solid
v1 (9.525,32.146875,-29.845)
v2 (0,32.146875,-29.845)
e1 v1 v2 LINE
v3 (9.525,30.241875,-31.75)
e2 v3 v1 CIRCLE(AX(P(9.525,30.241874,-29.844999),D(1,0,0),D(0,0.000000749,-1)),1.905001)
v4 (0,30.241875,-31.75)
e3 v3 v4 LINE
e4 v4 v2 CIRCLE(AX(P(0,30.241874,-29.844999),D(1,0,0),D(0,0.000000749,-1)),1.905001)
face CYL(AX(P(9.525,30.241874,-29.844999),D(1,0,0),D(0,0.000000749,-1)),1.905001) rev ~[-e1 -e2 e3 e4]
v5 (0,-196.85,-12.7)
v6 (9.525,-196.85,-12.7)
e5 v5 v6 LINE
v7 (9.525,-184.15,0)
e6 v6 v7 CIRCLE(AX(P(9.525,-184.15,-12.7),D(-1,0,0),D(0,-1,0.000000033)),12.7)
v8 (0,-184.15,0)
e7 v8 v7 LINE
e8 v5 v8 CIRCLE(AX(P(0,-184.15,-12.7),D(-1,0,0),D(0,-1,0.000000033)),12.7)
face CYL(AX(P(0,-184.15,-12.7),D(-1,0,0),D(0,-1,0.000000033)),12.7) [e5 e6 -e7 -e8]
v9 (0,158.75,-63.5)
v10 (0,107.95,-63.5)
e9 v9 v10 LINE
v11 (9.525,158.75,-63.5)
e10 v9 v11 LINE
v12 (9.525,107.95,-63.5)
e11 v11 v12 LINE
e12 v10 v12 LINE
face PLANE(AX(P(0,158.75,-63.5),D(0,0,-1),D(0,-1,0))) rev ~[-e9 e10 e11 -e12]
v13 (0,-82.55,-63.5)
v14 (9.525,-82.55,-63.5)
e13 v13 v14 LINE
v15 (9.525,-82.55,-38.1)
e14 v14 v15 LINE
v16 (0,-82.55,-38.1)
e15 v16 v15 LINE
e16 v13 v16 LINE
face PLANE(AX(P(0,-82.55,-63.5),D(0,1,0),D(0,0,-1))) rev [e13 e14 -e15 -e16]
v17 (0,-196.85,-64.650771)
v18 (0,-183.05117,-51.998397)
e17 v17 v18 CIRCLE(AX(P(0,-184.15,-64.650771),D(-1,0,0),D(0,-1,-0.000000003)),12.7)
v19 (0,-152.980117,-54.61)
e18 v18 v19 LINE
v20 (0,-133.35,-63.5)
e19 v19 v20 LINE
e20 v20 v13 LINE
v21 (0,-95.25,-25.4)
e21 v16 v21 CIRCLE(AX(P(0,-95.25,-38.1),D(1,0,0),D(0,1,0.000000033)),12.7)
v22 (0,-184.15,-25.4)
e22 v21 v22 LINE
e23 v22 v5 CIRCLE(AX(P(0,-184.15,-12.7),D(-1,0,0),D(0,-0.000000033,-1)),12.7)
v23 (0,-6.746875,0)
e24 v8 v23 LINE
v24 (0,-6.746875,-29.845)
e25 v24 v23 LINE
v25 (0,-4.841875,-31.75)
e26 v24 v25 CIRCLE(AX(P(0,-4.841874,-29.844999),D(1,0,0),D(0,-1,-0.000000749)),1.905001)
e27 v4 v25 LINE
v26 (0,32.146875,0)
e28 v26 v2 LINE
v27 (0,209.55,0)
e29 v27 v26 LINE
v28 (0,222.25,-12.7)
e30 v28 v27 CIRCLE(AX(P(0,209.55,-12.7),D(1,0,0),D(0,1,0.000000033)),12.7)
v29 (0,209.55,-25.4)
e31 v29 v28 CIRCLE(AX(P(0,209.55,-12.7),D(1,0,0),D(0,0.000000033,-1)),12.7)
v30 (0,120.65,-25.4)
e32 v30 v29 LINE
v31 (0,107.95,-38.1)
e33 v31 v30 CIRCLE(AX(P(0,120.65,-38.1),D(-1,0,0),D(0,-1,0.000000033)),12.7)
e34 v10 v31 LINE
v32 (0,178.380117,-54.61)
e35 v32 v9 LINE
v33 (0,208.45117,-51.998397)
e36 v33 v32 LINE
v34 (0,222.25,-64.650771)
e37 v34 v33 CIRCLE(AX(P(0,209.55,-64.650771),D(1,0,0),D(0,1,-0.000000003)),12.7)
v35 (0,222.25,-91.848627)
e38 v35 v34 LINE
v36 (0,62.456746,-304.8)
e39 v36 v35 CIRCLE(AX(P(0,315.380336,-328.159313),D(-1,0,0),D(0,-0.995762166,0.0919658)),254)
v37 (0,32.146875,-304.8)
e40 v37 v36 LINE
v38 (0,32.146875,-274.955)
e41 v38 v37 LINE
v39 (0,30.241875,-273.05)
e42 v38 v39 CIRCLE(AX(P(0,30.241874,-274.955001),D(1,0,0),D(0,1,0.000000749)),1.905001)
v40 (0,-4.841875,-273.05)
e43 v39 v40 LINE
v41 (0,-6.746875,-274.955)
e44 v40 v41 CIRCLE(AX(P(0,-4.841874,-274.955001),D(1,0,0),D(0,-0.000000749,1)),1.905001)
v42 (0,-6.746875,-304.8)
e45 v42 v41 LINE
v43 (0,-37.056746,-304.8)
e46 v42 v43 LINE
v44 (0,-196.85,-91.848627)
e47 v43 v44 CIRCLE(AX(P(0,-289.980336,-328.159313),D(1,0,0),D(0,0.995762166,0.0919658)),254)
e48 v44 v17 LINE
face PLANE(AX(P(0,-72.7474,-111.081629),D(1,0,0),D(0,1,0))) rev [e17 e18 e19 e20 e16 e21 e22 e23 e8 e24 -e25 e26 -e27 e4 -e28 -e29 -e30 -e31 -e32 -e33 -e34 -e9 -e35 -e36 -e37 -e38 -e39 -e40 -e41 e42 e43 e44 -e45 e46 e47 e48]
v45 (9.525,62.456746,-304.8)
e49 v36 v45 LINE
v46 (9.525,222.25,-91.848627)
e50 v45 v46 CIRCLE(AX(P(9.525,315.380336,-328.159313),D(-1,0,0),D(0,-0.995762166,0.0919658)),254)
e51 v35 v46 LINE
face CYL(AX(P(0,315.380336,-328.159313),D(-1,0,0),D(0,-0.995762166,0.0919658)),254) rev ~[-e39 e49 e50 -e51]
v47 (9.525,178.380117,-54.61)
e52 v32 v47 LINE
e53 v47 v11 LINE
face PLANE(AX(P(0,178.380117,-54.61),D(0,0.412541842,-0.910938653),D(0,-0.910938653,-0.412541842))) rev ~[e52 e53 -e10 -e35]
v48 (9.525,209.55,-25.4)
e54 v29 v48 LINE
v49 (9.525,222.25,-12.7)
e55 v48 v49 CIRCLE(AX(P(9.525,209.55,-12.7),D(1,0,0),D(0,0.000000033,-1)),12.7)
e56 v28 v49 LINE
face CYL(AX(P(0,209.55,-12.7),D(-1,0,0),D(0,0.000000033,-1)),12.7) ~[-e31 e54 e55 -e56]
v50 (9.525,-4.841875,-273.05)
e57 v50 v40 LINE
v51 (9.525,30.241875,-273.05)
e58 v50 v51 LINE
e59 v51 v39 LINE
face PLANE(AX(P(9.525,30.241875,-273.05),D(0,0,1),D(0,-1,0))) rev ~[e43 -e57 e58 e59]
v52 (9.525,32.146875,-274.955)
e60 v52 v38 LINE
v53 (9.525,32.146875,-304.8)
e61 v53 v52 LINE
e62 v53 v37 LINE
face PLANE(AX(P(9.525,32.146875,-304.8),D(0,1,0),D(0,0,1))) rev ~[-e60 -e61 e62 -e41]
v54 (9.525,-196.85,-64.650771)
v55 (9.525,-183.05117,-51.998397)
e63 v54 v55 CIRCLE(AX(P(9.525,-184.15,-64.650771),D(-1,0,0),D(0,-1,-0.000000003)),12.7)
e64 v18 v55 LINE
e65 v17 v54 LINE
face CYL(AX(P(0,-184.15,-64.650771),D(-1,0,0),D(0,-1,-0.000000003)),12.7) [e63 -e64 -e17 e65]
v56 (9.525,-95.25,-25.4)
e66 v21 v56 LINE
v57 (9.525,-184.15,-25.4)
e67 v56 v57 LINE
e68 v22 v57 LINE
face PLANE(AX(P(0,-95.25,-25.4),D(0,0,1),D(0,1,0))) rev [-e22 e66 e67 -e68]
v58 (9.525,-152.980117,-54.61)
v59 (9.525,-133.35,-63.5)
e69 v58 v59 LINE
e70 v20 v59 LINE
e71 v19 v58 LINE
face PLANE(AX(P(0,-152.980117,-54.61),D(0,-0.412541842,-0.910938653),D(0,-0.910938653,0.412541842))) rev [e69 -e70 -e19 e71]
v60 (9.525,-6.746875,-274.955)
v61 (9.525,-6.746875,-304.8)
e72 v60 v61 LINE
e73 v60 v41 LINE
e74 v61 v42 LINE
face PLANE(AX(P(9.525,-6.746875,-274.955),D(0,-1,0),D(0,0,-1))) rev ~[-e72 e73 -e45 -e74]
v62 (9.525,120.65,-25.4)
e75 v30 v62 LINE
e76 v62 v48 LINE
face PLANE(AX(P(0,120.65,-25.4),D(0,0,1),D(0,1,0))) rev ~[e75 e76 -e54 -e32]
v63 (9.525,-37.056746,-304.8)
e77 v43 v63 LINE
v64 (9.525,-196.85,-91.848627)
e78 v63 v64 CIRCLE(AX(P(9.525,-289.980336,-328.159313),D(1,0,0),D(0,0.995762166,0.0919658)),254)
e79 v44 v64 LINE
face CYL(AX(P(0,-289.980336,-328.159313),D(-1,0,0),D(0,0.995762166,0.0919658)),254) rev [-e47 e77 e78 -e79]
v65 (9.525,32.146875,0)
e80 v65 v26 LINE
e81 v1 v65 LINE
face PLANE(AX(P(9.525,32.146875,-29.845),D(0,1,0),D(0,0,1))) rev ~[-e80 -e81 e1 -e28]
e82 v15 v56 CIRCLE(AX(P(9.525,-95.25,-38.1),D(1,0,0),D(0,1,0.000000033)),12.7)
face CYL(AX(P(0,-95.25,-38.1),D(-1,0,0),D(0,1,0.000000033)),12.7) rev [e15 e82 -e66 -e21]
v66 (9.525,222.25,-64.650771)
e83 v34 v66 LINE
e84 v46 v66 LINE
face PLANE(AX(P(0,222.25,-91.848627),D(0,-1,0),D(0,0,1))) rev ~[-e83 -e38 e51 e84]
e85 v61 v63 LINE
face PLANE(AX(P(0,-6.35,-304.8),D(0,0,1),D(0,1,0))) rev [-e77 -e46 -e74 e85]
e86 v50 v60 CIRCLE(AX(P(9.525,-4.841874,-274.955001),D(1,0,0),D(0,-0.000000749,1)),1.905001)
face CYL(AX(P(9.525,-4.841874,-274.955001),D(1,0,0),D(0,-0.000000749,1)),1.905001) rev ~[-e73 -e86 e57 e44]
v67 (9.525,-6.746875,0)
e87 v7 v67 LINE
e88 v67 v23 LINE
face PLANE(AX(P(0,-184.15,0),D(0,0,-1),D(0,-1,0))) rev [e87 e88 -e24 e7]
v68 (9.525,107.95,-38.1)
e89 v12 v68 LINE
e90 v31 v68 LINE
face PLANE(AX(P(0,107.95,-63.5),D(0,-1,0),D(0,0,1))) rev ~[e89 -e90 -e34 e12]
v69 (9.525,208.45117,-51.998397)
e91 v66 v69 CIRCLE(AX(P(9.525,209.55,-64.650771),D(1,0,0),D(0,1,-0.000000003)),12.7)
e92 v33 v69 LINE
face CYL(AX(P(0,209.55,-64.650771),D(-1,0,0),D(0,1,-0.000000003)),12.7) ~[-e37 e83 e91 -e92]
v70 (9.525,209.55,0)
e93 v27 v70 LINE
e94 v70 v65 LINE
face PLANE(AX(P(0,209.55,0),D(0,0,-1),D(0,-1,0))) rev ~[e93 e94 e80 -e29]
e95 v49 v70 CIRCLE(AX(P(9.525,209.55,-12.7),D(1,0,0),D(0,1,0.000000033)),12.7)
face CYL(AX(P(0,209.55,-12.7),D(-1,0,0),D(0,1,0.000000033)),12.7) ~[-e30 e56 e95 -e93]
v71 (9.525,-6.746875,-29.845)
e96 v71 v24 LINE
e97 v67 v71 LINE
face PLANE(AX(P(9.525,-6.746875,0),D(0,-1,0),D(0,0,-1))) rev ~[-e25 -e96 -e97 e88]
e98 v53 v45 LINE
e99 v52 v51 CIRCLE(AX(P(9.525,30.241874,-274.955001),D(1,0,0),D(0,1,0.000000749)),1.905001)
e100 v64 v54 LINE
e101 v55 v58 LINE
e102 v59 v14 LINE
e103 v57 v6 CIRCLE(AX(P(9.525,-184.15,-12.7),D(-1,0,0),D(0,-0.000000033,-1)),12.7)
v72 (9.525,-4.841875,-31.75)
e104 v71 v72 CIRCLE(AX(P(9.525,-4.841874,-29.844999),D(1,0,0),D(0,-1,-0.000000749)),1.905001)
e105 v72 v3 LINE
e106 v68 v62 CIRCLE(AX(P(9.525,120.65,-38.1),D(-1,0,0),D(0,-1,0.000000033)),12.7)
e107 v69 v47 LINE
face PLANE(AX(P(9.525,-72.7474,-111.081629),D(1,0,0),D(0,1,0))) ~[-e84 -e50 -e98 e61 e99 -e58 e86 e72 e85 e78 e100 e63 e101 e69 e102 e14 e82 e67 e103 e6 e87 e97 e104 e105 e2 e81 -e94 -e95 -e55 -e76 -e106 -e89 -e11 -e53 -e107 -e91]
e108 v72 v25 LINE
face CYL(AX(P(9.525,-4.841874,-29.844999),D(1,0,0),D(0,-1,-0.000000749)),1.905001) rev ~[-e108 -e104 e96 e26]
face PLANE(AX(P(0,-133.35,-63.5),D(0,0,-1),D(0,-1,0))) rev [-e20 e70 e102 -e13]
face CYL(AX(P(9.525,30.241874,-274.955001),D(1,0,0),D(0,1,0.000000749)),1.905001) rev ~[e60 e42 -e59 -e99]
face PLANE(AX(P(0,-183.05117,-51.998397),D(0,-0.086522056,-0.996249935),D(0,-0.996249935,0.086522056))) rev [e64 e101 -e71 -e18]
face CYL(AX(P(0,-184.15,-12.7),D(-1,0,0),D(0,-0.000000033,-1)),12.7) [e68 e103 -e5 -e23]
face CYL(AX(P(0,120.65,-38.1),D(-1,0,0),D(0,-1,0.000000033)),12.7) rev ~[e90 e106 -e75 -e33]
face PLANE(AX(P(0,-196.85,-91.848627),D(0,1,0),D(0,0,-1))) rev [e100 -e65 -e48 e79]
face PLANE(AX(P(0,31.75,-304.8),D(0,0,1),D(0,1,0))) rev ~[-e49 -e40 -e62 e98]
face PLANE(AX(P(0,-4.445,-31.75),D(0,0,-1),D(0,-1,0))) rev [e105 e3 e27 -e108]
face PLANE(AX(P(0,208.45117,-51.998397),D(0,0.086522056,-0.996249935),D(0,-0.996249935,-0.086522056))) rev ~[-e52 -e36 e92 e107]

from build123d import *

# Parameters (mm, degrees)
F1_DEPTH = 9.525
F2_W     = 12.7
F2_H     = 241.3
F3_DEPTH = 25.4
F6_DEPTH = 25.4


with BuildPart() as f1:
    # F0 (on Right) → F1 (new body)
    with BuildSketch(Plane.YZ):
        with BuildLine():
            Line((29.845, -31.75), (0, -31.75))
            Line((0, -31.75), (0, -273.05))
            Line((0, -273.05), (29.845, -273.05))
            ThreePointArc((29.845, -273.05), (31.192038, -273.607962), (31.75, -274.955))
            Line((31.75, -274.955), (31.75, -304.8))
            Line((31.75, -304.8), (62.456746, -304.8))
            ThreePointArc((62.456746, -304.8), (112.216851, -175.710639), (222.25, -91.848627))
            Line((222.25, -91.848627), (222.25, -64.650771))
            ThreePointArc((222.25, -64.650771), (218.132973, -55.290078), (208.45117, -51.998397))
            Line((208.45117, -51.998397), (178.380117, -54.61))
            Line((178.380117, -54.61), (158.75, -63.5))
            Line((158.75, -63.5), (107.95, -63.5))
            Line((107.95, -63.5), (107.95, -38.1))
            ThreePointArc((107.95, -38.1), (111.669744, -29.119744), (120.65, -25.4))
            Line((120.65, -25.4), (209.55, -25.4))
            ThreePointArc((209.55, -25.4), (218.530256, -21.680256), (222.25, -12.7))
            ThreePointArc((222.25, -12.7), (218.530256, -3.719744), (209.55, 0))
            Line((209.55, 0), (31.75, 0))
            Line((31.75, 0), (31.75, -29.845))
            ThreePointArc((31.75, -29.845), (31.192038, -31.192038), (29.845, -31.75))
        make_face()
    extrude(amount=F1_DEPTH)

    # F2 (on face) → F3 (cut)
    with BuildSketch(Plane.YZ.offset(9.525)):
        with Locations((6.35, -152.4)):
            Rectangle(F2_W, F2_H)
    extrude(amount=-F3_DEPTH, mode=Mode.SUBTRACT)

    # F4: F1 across face


with BuildPart() as f1_1:
    add(f1.part)
    add(f1.part.mirror(Plane(origin=(4.7625, 12.7, -152.4), x_dir=(1, 0, 0), z_dir=(0, -1, 0))))

    # F5 (on face) → F6 (cut)
    with BuildSketch(Plane.YZ.offset(9.525)):
        with BuildLine():
            Line((32.146875, 0), (-6.746875, 0))
            Line((-6.746875, 0), (-6.746875, -29.845))
            ThreePointArc((-6.746875, -29.845), (-6.188913, -31.192038), (-4.841875, -31.75))
            Line((-4.841875, -31.75), (30.241875, -31.75))
            ThreePointArc((30.241875, -31.75), (31.588913, -31.192038), (32.146875, -29.845))
            Line((32.146875, -29.845), (32.146875, 0))
        make_face()
        with BuildLine():
            Line((-6.746875, -274.955), (-6.746875, -304.8))
            Line((-6.746875, -304.8), (32.146875, -304.8))
            Line((32.146875, -304.8), (32.146875, -274.955))
            ThreePointArc((32.146875, -274.955), (31.588913, -273.607962), (30.241875, -273.05))
            Line((30.241875, -273.05), (-4.841875, -273.05))
            ThreePointArc((-4.841875, -273.05), (-6.188913, -273.607962), (-6.746875, -274.955))
        make_face()
    extrude(amount=-F6_DEPTH, mode=Mode.SUBTRACT)


solid = f1_1.part
